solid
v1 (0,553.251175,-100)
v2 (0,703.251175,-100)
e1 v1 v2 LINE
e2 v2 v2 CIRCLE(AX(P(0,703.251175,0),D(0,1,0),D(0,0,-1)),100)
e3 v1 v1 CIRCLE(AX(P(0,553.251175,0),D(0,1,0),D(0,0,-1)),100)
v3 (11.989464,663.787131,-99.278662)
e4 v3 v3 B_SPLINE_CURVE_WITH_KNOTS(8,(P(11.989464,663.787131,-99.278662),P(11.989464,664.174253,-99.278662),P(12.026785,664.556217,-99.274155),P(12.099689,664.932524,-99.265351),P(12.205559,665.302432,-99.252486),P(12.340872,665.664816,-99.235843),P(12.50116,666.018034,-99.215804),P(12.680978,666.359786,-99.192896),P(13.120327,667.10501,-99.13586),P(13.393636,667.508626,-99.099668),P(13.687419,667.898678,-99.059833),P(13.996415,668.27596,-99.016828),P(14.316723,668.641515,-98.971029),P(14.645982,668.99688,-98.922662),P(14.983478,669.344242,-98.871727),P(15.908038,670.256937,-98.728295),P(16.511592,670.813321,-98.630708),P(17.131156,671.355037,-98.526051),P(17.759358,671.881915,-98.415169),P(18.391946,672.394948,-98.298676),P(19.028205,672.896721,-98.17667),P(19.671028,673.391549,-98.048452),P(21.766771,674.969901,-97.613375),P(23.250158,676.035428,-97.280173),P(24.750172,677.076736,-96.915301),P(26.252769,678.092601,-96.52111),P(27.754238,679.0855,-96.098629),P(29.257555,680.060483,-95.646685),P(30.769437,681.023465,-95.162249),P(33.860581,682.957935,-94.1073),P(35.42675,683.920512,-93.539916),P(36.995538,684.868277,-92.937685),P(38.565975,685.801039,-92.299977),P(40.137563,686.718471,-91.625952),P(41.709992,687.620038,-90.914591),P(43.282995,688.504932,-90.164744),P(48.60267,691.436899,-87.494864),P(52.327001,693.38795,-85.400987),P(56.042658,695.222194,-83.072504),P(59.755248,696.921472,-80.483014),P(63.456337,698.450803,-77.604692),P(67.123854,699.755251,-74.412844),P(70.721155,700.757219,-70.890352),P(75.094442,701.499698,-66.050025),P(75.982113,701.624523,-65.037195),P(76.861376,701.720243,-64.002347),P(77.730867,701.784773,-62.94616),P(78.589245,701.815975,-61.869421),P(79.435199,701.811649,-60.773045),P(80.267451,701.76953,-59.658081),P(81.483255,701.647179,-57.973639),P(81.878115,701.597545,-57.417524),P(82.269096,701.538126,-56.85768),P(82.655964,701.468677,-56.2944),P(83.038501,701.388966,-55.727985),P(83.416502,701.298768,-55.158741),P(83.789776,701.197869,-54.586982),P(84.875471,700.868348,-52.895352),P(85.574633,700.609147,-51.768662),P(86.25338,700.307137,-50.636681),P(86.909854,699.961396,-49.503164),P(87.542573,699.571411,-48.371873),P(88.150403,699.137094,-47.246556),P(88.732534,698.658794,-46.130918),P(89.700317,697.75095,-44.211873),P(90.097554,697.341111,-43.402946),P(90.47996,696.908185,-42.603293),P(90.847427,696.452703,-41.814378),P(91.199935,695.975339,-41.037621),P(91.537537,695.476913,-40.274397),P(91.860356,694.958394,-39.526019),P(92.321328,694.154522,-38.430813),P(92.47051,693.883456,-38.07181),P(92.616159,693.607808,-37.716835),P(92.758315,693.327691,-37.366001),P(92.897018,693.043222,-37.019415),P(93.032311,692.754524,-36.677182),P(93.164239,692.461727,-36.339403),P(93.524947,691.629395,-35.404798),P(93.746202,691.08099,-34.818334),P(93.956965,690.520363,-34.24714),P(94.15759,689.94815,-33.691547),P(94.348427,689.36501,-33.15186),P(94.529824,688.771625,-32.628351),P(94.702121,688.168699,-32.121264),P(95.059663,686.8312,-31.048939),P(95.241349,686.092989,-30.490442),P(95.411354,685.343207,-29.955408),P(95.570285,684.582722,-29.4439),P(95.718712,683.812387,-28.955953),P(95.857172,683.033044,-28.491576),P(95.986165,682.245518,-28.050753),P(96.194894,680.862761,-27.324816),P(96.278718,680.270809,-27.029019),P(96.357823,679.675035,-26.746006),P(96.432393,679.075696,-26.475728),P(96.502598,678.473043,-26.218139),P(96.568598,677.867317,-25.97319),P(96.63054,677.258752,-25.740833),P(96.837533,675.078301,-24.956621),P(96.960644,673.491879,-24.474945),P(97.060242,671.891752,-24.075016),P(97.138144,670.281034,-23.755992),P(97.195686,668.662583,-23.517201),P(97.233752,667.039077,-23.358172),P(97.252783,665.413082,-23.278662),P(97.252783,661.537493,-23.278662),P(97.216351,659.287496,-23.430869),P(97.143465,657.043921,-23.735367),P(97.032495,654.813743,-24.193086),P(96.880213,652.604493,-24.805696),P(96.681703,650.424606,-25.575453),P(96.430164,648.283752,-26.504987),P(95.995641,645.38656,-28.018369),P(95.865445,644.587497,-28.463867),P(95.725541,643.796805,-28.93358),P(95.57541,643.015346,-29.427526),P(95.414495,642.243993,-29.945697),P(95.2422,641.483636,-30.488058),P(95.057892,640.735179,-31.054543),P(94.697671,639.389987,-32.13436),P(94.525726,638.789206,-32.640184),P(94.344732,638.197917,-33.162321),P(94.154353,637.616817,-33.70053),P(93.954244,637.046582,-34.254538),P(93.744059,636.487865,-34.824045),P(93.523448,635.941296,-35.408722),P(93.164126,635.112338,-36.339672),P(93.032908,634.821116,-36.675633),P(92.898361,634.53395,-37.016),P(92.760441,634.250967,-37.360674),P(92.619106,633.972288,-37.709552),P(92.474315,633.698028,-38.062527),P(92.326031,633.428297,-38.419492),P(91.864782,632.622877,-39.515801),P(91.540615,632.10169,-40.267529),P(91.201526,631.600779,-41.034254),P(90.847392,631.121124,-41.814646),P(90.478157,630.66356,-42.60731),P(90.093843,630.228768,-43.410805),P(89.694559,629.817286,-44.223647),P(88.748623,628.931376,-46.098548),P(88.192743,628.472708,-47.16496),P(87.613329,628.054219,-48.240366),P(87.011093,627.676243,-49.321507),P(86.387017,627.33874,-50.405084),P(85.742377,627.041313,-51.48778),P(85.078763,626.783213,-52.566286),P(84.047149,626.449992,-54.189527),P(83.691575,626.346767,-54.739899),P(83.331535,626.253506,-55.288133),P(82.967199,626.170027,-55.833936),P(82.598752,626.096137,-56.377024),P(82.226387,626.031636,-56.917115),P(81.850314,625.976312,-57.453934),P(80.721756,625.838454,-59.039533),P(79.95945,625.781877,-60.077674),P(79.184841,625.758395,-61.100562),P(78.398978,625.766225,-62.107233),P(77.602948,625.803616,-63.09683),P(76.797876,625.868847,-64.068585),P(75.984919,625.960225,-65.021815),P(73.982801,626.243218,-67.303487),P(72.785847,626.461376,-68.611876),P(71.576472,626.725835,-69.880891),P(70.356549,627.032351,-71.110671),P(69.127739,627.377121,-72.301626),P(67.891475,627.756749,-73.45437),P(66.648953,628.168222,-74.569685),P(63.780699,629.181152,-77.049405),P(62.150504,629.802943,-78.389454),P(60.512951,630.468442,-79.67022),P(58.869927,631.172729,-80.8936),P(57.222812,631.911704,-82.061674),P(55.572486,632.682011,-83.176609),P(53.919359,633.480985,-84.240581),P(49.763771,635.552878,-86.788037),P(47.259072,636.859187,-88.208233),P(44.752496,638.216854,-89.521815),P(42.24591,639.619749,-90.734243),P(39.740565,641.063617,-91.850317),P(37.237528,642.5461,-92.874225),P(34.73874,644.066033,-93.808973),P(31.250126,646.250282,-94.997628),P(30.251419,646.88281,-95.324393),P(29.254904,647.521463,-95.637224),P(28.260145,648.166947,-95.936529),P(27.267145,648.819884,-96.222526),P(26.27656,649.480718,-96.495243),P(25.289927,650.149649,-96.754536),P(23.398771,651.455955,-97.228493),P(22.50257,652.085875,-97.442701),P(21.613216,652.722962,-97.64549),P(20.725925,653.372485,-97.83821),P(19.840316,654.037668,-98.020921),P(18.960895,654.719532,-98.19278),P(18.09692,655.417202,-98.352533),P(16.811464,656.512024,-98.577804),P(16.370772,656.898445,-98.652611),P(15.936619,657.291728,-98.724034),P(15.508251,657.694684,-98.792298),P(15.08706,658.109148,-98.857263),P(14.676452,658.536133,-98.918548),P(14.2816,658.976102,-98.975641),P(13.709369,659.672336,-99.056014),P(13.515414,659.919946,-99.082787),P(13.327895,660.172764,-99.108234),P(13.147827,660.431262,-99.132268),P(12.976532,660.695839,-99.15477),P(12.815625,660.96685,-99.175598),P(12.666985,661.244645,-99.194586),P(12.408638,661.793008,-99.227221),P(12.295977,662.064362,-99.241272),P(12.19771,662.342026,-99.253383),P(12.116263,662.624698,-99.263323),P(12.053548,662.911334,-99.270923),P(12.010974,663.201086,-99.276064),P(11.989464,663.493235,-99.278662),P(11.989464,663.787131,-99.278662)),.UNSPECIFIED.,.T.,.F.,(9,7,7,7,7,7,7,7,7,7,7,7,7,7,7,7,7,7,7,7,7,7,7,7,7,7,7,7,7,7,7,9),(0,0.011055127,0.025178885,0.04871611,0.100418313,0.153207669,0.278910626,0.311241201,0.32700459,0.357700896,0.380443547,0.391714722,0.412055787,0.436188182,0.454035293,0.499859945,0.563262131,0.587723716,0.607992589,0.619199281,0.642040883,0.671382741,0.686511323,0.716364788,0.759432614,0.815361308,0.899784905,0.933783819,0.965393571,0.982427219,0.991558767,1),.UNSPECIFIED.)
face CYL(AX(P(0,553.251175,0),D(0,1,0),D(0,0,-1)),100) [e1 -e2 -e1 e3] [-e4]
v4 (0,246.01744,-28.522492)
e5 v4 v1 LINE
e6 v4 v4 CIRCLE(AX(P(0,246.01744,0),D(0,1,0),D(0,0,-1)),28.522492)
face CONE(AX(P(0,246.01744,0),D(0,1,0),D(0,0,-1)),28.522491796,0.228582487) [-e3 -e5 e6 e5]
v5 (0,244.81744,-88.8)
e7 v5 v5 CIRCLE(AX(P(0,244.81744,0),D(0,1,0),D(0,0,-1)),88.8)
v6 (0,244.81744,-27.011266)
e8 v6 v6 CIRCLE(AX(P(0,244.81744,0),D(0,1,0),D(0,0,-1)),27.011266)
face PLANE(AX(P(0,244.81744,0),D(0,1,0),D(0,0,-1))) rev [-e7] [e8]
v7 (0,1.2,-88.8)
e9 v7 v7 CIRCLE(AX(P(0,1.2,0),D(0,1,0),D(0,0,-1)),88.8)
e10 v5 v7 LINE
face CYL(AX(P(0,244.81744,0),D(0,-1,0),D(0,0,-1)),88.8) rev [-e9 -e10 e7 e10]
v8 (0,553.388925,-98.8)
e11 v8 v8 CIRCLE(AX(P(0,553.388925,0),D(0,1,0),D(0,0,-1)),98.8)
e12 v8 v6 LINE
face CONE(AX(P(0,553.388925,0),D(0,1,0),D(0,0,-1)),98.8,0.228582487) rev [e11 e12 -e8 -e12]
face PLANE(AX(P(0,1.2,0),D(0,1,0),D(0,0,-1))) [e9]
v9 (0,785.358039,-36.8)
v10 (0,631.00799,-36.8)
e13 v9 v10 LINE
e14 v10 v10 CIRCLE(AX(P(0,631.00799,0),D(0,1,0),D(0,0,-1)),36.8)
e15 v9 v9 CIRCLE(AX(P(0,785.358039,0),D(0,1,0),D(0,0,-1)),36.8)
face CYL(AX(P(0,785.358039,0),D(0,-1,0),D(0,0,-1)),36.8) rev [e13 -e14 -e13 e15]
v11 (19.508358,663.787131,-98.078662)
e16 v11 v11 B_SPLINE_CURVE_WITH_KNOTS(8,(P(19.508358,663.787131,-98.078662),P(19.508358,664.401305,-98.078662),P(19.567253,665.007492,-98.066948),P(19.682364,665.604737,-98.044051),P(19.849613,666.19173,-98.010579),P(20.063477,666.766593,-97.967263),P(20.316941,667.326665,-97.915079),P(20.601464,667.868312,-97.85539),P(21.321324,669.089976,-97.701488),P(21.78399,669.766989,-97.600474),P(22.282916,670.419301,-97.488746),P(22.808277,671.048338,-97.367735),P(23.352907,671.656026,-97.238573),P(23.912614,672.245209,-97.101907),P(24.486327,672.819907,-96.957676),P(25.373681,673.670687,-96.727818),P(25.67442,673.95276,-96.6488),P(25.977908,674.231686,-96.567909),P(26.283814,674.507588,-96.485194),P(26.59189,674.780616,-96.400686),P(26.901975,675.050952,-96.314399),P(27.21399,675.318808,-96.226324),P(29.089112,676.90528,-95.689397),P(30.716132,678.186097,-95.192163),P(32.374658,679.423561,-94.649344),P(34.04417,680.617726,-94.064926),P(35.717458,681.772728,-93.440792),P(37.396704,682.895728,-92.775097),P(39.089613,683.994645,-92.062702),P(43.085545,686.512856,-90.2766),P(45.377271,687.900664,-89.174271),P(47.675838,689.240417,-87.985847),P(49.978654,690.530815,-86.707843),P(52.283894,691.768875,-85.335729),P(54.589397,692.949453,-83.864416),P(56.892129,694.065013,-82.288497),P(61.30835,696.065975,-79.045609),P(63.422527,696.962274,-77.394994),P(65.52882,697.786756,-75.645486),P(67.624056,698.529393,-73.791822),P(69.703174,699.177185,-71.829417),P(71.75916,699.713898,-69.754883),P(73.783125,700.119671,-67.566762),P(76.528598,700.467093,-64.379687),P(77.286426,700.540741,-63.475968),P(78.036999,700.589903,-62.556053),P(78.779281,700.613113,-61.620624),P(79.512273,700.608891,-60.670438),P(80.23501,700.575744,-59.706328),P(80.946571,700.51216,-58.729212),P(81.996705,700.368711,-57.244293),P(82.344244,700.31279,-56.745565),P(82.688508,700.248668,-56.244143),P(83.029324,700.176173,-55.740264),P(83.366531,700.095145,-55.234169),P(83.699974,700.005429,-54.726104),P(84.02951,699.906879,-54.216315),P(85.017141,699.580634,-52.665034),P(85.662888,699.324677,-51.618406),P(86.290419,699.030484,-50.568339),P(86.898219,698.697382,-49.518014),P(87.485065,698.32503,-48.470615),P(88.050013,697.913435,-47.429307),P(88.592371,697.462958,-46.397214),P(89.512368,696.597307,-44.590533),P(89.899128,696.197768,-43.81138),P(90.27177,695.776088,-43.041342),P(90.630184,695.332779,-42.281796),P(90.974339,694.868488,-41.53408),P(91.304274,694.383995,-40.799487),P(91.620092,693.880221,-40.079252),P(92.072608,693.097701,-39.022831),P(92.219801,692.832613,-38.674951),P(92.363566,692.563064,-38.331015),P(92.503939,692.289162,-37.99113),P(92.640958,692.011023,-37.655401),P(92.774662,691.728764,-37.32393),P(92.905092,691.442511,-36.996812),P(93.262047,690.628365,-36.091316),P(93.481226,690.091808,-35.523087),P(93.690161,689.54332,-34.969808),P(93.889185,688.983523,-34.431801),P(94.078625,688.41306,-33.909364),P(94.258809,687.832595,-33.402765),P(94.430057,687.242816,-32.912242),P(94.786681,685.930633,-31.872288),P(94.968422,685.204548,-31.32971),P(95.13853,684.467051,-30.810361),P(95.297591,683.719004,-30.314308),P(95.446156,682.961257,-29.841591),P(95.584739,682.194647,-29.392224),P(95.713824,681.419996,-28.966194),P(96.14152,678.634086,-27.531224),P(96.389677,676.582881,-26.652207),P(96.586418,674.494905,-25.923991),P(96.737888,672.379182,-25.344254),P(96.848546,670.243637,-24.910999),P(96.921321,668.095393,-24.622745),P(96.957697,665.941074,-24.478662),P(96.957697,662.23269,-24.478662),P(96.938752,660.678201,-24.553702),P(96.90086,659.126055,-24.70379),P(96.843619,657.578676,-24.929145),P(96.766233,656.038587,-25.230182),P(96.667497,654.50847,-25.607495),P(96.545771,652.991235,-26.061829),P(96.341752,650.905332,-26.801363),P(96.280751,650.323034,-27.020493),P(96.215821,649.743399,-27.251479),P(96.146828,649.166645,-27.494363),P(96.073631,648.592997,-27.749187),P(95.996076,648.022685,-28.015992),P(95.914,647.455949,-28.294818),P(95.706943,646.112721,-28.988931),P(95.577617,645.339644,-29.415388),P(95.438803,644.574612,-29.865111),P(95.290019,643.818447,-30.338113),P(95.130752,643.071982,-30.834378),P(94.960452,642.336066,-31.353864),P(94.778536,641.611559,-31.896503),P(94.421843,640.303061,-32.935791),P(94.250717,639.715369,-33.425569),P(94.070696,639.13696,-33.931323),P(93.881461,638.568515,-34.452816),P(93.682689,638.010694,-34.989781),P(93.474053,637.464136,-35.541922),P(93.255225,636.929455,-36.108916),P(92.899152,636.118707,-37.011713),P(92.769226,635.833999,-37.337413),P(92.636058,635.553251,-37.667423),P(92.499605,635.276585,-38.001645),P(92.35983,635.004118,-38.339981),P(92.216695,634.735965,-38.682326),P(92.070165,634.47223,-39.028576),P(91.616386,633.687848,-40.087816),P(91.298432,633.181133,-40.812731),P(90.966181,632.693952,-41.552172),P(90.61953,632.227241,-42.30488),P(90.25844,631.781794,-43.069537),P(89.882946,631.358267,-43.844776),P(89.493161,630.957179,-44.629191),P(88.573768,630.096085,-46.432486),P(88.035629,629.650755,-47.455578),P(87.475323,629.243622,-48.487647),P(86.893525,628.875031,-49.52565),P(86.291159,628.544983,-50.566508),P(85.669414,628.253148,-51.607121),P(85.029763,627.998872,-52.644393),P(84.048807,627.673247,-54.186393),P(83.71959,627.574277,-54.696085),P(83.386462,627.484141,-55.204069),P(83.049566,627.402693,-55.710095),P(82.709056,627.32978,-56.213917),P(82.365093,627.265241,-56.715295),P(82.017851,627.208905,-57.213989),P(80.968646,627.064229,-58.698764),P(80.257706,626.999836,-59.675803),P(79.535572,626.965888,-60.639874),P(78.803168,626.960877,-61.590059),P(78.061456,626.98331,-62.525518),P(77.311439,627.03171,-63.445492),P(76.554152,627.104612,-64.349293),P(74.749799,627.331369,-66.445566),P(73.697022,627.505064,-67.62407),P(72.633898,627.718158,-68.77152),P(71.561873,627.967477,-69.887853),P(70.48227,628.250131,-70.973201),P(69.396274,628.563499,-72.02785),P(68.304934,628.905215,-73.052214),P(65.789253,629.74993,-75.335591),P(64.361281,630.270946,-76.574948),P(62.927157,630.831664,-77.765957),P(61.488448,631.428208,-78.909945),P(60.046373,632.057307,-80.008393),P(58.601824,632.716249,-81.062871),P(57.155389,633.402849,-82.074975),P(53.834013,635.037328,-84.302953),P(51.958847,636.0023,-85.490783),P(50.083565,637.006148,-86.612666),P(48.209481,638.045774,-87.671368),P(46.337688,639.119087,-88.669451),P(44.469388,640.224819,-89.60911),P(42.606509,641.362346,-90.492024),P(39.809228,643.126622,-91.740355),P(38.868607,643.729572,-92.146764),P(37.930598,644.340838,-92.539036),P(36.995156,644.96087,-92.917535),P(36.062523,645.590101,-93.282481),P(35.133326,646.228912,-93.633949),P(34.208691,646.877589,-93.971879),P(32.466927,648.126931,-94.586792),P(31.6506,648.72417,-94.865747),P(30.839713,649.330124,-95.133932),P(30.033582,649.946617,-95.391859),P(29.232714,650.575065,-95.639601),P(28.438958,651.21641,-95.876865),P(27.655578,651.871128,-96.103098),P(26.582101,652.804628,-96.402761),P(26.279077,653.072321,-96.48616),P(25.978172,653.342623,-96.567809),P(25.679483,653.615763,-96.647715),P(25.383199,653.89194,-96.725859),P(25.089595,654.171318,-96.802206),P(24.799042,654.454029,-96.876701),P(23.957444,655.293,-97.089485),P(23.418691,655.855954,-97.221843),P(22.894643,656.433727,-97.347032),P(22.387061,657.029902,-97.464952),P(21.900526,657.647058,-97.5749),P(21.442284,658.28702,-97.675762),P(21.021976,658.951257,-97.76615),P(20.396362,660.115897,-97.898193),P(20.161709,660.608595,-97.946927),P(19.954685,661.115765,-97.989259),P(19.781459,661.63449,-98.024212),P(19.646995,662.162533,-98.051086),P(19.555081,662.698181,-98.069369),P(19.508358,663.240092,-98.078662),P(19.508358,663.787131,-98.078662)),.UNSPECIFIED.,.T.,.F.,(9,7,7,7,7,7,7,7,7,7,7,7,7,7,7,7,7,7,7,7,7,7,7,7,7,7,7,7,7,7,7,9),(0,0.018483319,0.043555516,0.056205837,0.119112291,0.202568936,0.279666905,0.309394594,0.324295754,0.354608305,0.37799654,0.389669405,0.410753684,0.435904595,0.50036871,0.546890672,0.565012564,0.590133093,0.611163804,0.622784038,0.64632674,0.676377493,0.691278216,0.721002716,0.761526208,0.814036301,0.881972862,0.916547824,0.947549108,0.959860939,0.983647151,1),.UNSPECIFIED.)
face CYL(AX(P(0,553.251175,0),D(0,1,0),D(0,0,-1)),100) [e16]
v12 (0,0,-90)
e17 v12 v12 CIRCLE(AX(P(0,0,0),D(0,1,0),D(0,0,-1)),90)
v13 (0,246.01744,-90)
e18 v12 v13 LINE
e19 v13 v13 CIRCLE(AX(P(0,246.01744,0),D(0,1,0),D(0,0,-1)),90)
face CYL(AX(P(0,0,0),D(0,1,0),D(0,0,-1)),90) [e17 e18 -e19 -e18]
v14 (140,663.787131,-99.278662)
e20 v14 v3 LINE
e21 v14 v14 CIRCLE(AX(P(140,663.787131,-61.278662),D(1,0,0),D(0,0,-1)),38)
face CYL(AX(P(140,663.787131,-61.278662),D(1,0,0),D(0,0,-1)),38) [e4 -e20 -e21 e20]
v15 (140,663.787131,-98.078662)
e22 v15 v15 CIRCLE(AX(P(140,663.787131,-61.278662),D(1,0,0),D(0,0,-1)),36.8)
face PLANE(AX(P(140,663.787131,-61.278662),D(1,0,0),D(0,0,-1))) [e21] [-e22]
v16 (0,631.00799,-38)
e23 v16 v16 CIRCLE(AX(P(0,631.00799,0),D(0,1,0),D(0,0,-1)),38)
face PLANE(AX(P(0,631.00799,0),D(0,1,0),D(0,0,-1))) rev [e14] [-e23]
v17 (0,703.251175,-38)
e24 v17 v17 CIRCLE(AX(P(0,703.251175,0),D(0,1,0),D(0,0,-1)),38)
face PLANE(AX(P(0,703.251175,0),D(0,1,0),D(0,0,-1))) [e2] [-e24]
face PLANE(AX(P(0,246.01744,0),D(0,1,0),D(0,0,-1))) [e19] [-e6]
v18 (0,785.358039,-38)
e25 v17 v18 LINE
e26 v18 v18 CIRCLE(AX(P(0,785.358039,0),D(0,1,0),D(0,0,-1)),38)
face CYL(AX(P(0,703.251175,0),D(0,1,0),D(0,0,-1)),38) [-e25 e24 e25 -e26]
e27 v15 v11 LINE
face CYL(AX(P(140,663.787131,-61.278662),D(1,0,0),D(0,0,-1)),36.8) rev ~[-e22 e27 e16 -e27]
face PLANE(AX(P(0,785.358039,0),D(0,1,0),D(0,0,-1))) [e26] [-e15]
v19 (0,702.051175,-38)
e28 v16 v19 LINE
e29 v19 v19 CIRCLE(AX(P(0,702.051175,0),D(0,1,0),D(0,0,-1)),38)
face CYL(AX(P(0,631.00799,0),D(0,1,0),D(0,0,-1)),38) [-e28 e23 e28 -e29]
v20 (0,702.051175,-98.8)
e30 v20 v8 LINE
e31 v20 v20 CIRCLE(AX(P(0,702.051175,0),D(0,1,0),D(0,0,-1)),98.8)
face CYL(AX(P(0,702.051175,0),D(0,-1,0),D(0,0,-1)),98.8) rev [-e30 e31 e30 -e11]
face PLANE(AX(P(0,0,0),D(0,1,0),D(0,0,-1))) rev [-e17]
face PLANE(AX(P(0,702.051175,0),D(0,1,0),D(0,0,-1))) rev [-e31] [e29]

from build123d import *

# Parameters (mm, degrees)
BOSS_EXTRUDE1_REACH      = 829.277
BOSS_EXTRUDE1_END_RADIUS = 100
SKETCH2_R                = 38
SKETCH2_R_2              = 36.8


with BuildPart() as part:
    # Sketch1 → Revolve1 (revolve)
    with BuildSketch(Plane.XY, mode=Mode.PRIVATE) as revolve1_sk:
        Polygon((-100, 703.251175147), (-38, 703.251175147), (-38, 785.358038718), (-36.8, 785.358038718), (-36.8, 631.007989766), (-38, 631.007989766), (-38, 702.051175147), (-98.8, 702.051175147), (-98.8, 553.388924947), (-27.011266135, 244.817440016), (-88.8, 244.817440016), (-88.8, 1.2), (0, 1.2), (0, 0), (-90, 0), (-90, 246.017440016), (-28.522491796, 246.017440016), (-100, 553.251175147), align=None)
    revolve(revolve1_sk.sketch.rotate(Axis((0, 0, 0), (0, 1, 0)), 270), axis=Axis((0, 0, 0), (0, 1, 0)))

    # Boss-Extrude1: up to this cylinder (the profile starts outside it)
    boss_extrude1_end = Plane(origin=(0, 663.787131, 0), z_dir=(0, -1, 0)) * Cylinder(BOSS_EXTRUDE1_END_RADIUS, 1859.554, mode=Mode.PRIVATE)
    # Sketch2 → Boss-Extrude1 (add, up to the surface)
    with BuildSketch(Plane(origin=(140, 0, 0), x_dir=(0, 0, -1), z_dir=(1, 0, 0)), mode=Mode.PRIVATE) as boss_extrude1_sk1:
        with Locations((61.278662137, 663.787130772)):
            Circle(SKETCH2_R)
        with Locations((61.278662137, 663.787130772)):
            Circle(SKETCH2_R_2, mode=Mode.SUBTRACT)
    boss_extrude1_tool1 = extrude(boss_extrude1_sk1.sketch, amount=-BOSS_EXTRUDE1_REACH, mode=Mode.PRIVATE) - boss_extrude1_end
    add(boss_extrude1_tool1.solids().sort_by_distance((140, 663.787131, -24.353464))[0])


solid = part.part
